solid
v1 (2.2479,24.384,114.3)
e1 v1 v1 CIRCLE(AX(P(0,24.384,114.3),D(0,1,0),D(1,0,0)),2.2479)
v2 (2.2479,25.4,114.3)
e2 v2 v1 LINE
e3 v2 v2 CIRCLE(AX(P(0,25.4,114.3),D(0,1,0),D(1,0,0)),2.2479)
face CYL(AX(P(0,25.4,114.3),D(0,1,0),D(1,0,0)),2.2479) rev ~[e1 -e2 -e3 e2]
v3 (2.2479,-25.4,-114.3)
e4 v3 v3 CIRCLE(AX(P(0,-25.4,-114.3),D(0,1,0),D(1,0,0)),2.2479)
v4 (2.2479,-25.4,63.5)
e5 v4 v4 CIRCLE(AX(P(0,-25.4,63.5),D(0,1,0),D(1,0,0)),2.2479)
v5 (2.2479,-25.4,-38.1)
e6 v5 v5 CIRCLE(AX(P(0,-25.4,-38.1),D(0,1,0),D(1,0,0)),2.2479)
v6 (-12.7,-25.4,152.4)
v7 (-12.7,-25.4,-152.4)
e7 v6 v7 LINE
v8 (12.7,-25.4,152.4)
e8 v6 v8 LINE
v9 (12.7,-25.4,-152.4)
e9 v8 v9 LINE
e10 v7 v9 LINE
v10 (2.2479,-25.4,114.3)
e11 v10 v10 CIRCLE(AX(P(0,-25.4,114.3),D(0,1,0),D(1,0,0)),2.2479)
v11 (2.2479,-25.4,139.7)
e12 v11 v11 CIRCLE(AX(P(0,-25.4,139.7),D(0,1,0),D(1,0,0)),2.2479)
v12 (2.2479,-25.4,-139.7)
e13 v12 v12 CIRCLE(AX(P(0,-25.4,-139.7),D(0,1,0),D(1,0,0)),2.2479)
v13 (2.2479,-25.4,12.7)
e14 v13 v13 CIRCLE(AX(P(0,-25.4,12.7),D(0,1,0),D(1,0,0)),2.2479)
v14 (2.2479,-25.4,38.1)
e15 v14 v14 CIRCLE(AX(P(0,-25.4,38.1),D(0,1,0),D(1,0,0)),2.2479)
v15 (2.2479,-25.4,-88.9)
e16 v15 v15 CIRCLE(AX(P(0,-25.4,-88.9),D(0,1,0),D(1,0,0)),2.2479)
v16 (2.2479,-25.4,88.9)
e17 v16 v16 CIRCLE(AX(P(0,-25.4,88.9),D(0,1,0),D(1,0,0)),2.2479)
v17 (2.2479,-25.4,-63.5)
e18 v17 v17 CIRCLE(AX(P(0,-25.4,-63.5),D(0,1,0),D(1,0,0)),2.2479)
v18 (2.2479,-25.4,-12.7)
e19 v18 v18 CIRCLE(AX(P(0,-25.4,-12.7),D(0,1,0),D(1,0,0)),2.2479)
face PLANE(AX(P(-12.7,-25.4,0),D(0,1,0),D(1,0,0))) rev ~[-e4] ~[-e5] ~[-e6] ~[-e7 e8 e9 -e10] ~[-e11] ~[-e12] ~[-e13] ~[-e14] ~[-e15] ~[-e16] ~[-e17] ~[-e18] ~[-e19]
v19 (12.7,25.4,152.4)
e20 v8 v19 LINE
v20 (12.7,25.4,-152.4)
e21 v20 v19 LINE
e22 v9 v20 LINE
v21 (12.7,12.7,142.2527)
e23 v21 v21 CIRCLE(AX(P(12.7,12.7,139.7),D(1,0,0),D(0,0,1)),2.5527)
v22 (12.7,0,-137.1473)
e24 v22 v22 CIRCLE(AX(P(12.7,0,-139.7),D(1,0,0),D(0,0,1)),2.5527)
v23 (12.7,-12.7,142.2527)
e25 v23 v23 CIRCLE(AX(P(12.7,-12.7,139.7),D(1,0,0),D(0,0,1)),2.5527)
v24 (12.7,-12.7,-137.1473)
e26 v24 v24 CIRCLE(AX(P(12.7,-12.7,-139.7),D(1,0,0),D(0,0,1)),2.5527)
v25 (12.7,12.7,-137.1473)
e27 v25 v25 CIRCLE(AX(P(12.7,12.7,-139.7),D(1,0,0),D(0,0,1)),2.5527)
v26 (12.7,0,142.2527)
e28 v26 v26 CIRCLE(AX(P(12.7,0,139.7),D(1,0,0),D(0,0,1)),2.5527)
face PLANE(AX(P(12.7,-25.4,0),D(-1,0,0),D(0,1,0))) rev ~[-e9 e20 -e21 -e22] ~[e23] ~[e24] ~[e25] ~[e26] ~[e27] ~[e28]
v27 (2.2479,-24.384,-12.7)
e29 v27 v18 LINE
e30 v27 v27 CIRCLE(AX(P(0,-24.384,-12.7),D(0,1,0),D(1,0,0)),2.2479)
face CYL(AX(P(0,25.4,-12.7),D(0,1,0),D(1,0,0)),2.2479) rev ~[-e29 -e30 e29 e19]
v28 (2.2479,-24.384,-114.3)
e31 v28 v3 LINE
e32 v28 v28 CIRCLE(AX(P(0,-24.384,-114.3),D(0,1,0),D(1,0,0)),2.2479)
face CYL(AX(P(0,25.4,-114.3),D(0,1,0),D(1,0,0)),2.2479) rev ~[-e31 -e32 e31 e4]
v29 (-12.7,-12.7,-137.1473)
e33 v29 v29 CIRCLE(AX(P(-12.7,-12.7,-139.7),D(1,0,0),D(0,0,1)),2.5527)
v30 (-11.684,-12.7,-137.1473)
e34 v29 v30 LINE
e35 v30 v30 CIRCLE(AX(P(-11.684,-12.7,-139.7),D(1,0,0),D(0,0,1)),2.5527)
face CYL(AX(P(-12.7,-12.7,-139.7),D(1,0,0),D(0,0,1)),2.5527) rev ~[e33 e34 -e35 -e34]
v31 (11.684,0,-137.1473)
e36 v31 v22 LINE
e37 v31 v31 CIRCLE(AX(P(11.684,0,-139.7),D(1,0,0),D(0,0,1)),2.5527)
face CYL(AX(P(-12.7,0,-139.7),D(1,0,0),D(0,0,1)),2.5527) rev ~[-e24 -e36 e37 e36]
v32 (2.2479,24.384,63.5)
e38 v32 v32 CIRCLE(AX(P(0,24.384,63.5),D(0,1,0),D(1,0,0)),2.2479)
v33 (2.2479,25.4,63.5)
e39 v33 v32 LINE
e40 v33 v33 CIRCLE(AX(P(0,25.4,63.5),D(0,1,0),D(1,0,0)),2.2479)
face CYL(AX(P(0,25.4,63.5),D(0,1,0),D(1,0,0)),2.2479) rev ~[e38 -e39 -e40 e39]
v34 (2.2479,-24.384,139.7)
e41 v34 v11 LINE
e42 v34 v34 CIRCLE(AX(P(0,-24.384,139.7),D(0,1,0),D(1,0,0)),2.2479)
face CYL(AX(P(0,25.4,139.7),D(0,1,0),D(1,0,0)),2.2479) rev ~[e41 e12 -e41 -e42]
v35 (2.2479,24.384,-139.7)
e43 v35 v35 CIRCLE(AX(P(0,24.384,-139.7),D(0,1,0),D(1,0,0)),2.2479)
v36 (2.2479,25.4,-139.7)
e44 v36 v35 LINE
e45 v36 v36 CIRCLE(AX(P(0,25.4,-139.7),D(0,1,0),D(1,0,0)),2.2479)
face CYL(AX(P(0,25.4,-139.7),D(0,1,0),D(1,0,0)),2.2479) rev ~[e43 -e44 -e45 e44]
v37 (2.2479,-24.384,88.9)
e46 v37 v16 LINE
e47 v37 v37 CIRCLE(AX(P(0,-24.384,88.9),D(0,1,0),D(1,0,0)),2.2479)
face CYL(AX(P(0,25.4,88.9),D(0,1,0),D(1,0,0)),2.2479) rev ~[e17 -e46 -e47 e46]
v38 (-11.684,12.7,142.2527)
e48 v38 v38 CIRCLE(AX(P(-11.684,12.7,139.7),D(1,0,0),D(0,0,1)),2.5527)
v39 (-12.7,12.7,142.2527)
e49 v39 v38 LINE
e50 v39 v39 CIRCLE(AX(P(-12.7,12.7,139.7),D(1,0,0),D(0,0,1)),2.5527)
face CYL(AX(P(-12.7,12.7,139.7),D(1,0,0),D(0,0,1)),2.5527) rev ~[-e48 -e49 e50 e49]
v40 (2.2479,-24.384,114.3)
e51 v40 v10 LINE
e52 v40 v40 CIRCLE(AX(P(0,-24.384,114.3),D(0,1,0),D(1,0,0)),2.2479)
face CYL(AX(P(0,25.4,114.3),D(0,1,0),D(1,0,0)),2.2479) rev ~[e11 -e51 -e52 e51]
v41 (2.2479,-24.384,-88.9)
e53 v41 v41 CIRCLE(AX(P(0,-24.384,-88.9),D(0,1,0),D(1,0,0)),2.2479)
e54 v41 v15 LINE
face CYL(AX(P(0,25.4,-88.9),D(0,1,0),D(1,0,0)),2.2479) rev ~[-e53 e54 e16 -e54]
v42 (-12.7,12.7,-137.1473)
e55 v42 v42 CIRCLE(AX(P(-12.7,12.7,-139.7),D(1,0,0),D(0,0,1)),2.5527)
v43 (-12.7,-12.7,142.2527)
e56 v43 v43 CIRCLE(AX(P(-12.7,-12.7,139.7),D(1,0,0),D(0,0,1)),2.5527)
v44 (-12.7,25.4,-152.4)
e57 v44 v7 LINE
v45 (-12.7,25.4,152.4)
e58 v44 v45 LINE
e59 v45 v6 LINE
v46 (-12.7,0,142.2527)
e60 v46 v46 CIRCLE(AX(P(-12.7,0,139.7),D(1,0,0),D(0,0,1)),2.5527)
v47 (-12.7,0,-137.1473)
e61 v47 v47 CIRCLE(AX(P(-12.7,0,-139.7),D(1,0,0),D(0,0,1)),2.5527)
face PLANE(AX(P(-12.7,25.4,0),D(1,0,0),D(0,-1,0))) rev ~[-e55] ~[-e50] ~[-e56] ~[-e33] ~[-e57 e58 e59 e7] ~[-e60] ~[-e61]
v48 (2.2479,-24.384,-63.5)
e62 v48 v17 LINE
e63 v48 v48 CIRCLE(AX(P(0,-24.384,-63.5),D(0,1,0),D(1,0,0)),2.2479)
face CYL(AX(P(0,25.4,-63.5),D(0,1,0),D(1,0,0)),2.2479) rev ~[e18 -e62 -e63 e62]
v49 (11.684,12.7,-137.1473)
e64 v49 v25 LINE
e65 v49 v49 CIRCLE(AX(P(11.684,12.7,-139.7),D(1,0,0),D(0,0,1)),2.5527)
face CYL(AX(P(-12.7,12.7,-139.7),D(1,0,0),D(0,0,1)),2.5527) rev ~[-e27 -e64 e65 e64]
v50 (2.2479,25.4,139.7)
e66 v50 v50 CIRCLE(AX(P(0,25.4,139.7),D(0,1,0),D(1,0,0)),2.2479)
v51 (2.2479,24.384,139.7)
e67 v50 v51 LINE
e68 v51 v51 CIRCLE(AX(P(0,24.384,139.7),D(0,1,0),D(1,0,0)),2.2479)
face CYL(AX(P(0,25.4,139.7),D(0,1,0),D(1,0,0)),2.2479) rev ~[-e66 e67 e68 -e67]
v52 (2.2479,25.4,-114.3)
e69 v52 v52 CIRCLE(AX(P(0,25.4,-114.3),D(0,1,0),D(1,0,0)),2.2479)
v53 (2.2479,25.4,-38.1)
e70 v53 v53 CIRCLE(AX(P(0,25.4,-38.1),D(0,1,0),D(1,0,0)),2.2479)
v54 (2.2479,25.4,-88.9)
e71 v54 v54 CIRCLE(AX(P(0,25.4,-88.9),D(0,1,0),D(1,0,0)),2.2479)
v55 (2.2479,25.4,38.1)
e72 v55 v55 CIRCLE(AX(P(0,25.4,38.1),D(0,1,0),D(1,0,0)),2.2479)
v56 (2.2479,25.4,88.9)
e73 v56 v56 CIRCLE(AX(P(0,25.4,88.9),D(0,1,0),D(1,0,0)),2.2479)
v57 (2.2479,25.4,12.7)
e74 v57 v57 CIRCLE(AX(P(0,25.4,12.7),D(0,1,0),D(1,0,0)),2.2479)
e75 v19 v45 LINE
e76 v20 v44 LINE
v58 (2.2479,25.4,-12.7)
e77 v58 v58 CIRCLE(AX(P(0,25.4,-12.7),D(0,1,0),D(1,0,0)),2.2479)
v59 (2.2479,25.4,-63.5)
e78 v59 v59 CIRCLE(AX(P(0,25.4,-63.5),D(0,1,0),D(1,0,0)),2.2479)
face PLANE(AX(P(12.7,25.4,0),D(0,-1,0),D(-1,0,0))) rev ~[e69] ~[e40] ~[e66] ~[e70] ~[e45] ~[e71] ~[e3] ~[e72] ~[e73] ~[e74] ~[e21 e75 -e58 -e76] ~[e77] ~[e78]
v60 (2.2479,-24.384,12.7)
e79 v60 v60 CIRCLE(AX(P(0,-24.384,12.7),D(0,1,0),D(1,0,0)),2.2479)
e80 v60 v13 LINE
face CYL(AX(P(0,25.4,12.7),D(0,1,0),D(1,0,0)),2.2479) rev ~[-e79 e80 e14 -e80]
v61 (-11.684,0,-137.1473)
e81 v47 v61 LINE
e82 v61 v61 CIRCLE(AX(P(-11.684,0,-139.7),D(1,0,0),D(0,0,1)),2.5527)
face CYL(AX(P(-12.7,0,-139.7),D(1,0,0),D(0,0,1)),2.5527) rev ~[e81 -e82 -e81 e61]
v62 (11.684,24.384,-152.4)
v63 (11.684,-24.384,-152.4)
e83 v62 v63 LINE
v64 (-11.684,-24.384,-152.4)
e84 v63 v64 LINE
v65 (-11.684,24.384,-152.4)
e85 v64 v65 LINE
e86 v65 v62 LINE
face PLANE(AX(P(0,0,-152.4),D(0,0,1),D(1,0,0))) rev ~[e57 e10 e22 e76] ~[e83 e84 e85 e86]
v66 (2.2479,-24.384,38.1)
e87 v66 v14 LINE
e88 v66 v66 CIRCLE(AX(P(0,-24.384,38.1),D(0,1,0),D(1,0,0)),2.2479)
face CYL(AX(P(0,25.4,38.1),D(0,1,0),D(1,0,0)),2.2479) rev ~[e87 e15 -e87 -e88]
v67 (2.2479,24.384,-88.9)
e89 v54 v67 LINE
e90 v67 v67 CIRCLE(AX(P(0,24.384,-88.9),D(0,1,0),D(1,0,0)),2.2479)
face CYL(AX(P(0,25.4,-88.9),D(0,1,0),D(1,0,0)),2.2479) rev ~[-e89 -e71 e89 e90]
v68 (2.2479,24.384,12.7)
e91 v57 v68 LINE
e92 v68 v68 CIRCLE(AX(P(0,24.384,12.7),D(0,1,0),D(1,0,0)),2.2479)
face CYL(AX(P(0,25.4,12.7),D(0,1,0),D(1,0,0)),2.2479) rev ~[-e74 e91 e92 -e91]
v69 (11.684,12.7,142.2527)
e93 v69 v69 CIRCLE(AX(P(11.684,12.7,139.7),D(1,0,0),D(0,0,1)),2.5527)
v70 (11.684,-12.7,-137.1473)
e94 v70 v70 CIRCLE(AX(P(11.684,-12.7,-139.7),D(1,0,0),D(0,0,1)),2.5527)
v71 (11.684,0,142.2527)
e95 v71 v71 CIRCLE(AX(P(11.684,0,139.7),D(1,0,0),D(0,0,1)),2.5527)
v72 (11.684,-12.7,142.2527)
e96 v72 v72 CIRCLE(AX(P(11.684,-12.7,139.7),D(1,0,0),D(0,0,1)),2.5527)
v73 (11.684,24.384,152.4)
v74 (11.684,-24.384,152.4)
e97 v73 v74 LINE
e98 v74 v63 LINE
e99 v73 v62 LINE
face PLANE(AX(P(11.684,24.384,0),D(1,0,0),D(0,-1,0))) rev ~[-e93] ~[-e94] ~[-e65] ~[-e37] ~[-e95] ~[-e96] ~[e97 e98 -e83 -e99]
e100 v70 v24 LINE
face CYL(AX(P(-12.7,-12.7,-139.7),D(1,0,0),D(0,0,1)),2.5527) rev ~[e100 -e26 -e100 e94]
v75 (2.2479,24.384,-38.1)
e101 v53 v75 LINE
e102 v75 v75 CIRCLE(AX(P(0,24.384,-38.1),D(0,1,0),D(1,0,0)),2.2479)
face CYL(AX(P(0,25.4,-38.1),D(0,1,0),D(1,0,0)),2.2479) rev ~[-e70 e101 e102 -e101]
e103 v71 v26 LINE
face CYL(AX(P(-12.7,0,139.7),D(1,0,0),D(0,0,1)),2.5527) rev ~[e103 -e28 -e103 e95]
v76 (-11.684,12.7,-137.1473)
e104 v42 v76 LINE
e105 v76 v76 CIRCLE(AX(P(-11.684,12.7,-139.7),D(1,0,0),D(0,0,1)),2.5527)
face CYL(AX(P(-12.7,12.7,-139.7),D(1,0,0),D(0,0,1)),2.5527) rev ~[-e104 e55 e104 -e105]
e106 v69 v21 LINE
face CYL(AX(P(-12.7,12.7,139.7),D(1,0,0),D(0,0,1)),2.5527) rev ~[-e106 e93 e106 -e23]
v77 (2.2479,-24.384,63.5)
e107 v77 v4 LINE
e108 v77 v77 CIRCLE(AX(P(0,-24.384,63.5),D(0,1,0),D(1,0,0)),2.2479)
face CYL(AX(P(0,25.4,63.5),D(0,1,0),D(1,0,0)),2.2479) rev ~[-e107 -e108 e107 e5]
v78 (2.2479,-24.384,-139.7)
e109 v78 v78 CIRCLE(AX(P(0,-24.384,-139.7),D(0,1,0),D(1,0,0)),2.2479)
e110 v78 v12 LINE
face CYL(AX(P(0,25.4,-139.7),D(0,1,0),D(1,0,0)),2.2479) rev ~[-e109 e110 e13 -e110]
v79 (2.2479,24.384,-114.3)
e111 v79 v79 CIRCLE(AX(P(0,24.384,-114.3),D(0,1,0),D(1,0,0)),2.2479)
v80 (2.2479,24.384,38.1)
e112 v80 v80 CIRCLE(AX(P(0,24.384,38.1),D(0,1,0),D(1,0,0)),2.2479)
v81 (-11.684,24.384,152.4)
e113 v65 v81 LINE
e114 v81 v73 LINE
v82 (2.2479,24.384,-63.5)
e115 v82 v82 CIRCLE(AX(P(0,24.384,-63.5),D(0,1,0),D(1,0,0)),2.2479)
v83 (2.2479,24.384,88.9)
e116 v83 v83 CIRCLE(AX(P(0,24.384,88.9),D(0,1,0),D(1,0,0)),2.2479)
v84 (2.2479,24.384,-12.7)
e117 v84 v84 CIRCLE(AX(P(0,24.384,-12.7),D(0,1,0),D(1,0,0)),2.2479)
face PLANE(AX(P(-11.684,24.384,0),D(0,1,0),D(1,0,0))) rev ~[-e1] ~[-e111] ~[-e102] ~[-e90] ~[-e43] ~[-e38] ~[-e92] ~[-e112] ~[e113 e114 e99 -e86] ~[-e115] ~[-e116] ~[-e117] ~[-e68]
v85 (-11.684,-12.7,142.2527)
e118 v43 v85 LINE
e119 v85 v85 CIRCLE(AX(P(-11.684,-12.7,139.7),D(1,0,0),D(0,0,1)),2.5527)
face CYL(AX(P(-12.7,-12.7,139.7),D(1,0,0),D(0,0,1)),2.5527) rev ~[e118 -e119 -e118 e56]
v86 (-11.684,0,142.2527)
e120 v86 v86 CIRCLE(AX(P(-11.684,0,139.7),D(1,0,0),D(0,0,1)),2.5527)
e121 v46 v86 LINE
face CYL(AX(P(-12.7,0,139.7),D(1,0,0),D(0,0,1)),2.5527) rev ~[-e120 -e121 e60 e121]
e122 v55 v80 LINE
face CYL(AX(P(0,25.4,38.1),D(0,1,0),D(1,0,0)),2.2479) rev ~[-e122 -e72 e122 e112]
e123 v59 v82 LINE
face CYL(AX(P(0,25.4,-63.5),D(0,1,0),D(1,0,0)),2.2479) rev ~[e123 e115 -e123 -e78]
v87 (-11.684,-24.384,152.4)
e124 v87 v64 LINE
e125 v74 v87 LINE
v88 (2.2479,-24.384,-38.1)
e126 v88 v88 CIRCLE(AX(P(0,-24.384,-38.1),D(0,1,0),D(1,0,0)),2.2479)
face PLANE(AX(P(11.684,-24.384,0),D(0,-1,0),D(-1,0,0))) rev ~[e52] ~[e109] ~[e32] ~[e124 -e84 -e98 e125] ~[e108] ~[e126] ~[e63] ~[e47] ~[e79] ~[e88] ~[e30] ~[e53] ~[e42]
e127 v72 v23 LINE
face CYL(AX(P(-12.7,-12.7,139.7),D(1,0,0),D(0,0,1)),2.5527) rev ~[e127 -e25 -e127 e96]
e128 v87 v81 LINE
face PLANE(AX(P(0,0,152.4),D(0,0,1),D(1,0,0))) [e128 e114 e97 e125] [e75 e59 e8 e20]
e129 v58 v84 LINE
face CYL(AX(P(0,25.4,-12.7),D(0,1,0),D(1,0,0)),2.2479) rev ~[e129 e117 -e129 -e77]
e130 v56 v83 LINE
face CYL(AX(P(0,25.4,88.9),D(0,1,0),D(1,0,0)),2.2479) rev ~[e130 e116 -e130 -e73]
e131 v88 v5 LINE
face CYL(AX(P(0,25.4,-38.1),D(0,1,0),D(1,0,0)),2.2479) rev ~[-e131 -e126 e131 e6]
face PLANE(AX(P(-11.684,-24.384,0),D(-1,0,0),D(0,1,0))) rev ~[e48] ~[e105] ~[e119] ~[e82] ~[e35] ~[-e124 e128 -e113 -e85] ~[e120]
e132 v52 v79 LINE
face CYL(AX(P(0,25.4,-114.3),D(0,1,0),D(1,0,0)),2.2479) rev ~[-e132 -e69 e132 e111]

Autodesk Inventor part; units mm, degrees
ref_plane "YZ Plane" through (0, 0, 0) normal (1, 0, 0) x (0, 1, 0)
ref_plane "XZ Plane" through (0, 0, 0) normal (0, 1, 0) x (-1, 0, 0)
ref_plane "XY Plane" through (0, 0, 0) normal (0, 0, 1) x (1, 0, 0)
sketch "Sketch1" plane through (0, 0, 0) normal (0, 0, 1) x (1, 0, 0)
  line L0 (12.7, 25.4) -> (-12.7, 25.4)
  line L1 (-12.7, 25.4) -> (-12.7, -25.4)
  line L2 (-12.7, -25.4) -> (12.7, -25.4)
  line L3 (12.7, -25.4) -> (12.7, 25.4)
  line L4 (12.7, 25.4) -> (-12.7, -25.4) construction
  line L5 (-12.7, 25.4) -> (12.7, -25.4) construction
  line L6 (-11.684, 24.384) -> (11.684, 24.384)
  line L7 (11.684, 24.384) -> (11.684, -24.384)
  line L8 (11.684, -24.384) -> (-11.684, -24.384)
  line L9 (-11.684, -24.384) -> (-11.684, 24.384)
  point P0 (0, 0)
  dimension "d0" = 1.016
  dimension "d1" = 50.8
  dimension "d2" = 25.4
extrude "Tube Length" add sketch "Sketch1" along normal mid plane 304.8
sketch "Sketch2" plane through (-12.7, 25.4, 152.4) normal (0, 1, 0) x (1, 0, 0)
  line L0 (0, 0) -> (0, 304.8) projected
  line L1 (25.4, 0) -> (0, 0) projected
  line L2 (25.4, 304.8) -> (25.4, 0) projected
  line L3 (0, 304.8) -> (25.4, 304.8) projected
  line L4 (25.4, 0) -> (0, 0) projected
  line L5 (12.7, 0) -> (12.7, 12.7) construction
  circle A0 centre (12.7, 12.7) radius 2.2479
  point P0 (12.7, 152.4)
  dimension "d5" = 12.7
  dimension "d6" = 4.4958
extrude "Top Hole" cut sketch "Sketch2" against normal through all contours A0
pattern_linear "Rectangular Pattern1" count 12 spacing 25.4 along (0, 0, -1) of "Top Hole"
sketch "Sketch4" plane through (-12.7, -25.4, 152.4) normal (-1, 0, 0) x (0, 0, 1)
  line L0 (-304.8, 0) -> (0, 0) projected
  line L1 (0, 50.8) -> (0, 0) projected
  line L2 (0, 50.8) -> (-304.8, 50.8) projected
  line L3 (-304.8, 0) -> (-304.8, 50.8) projected
  line L4 (-304.8, 25.4) -> (-292.1, 25.4)
  line L5 (-152.4, 25.4) -> (-152.4, 13.4487)
  point P0 (-292.1, 12.7)
  point P1 (-292.1, 38.1)
  point P2 (-12.7, 12.7)
  point P3 (-12.7, 25.4)
  point P4 (-12.7, 38.1)
  dimension "d31" = 12.7
  dimension "d34" = 12.7
hole "Hole1" at (-12.7, -12.7, -139.7) at (-12.7, 0, -139.7) at (-12.7, 12.7, -139.7) at (-12.7, 12.7, 139.7) at (-12.7, -12.7, 139.7) at (-12.7, 0, 139.7) direction (1, 0, 0) diameter 5.1054 end through all clearance for "Flat Head Machine Screw (82)" size "#10" standard "Ansi Unified Screw Threads"
sketch "Sketch3" plane through (0, 0, 152.4) normal (0, 0, 1) x (1, 0, 0)
  line L0 (0, 0) -> (0, 25.4) construction
  line L1 (12.7, 25.4) -> (-12.7, 25.4) projected
  line L2 (-0.0508, 25.4) -> (0, 25.2984)
  line L3 (0.0508, 25.4) -> (0, 25.2984)
  line L4 (-12.7, 12.6492) -> (-12.5984, 12.7)
  line L5 (-12.7, 12.7508) -> (-12.5984, 12.7)
  line L6 (-12.7, -0.0508) -> (-12.5984, 0)
  line L7 (-12.7, 0.0508) -> (-12.5984, 0)
  line L8 (-12.7, -12.7508) -> (-12.5984, -12.7)
  line L9 (-12.7, -12.6492) -> (-12.5984, -12.7)
  line L10 (12.7, 0.0508) -> (12.5984, 0)
  line L11 (12.7, 12.6492) -> (12.5984, 12.7)
  line L12 (12.7, 12.7508) -> (12.5984, 12.7)
  line L13 (12.7, -0.0508) -> (12.5984, 0)
  line L14 (12.7, -12.6492) -> (12.5984, -12.7)
  line L15 (12.7, -12.7508) -> (12.5984, -12.7)
  line L16 (0.0508, -25.4) -> (0, -25.2984)
  line L17 (-0.0508, -25.4) -> (0, -25.2984)
  line L18 (-12.7, 25.4) -> (-12.7, -25.4) projected
  line L19 (12.7, -25.4) -> (12.7, 25.4) projected
  line L20 (-12.7, -25.4) -> (12.7, -25.4) projected
  point P0 (0, 12.7)
  point P1 (-12.7, 12.7)
  point P2 (-12.7, 0)
  point P3 (-12.7, -12.7)
  point P4 (12.7, 12.7)
  point P5 (12.7, 0)
  point P6 (12.7, -12.7)
  point P7 (0, -25.4)
  dimension "d12" = 0.1016
  dimension "d13" = 0.1016
  dimension "d16" = 90
  dimension "d20" = 12.7
  dimension "d27" = 360
equation "\"d13\" = d12"
properties part number "Elevator Stage 1 Gearbox Mounting Tube" material "Aluminum 6061"
